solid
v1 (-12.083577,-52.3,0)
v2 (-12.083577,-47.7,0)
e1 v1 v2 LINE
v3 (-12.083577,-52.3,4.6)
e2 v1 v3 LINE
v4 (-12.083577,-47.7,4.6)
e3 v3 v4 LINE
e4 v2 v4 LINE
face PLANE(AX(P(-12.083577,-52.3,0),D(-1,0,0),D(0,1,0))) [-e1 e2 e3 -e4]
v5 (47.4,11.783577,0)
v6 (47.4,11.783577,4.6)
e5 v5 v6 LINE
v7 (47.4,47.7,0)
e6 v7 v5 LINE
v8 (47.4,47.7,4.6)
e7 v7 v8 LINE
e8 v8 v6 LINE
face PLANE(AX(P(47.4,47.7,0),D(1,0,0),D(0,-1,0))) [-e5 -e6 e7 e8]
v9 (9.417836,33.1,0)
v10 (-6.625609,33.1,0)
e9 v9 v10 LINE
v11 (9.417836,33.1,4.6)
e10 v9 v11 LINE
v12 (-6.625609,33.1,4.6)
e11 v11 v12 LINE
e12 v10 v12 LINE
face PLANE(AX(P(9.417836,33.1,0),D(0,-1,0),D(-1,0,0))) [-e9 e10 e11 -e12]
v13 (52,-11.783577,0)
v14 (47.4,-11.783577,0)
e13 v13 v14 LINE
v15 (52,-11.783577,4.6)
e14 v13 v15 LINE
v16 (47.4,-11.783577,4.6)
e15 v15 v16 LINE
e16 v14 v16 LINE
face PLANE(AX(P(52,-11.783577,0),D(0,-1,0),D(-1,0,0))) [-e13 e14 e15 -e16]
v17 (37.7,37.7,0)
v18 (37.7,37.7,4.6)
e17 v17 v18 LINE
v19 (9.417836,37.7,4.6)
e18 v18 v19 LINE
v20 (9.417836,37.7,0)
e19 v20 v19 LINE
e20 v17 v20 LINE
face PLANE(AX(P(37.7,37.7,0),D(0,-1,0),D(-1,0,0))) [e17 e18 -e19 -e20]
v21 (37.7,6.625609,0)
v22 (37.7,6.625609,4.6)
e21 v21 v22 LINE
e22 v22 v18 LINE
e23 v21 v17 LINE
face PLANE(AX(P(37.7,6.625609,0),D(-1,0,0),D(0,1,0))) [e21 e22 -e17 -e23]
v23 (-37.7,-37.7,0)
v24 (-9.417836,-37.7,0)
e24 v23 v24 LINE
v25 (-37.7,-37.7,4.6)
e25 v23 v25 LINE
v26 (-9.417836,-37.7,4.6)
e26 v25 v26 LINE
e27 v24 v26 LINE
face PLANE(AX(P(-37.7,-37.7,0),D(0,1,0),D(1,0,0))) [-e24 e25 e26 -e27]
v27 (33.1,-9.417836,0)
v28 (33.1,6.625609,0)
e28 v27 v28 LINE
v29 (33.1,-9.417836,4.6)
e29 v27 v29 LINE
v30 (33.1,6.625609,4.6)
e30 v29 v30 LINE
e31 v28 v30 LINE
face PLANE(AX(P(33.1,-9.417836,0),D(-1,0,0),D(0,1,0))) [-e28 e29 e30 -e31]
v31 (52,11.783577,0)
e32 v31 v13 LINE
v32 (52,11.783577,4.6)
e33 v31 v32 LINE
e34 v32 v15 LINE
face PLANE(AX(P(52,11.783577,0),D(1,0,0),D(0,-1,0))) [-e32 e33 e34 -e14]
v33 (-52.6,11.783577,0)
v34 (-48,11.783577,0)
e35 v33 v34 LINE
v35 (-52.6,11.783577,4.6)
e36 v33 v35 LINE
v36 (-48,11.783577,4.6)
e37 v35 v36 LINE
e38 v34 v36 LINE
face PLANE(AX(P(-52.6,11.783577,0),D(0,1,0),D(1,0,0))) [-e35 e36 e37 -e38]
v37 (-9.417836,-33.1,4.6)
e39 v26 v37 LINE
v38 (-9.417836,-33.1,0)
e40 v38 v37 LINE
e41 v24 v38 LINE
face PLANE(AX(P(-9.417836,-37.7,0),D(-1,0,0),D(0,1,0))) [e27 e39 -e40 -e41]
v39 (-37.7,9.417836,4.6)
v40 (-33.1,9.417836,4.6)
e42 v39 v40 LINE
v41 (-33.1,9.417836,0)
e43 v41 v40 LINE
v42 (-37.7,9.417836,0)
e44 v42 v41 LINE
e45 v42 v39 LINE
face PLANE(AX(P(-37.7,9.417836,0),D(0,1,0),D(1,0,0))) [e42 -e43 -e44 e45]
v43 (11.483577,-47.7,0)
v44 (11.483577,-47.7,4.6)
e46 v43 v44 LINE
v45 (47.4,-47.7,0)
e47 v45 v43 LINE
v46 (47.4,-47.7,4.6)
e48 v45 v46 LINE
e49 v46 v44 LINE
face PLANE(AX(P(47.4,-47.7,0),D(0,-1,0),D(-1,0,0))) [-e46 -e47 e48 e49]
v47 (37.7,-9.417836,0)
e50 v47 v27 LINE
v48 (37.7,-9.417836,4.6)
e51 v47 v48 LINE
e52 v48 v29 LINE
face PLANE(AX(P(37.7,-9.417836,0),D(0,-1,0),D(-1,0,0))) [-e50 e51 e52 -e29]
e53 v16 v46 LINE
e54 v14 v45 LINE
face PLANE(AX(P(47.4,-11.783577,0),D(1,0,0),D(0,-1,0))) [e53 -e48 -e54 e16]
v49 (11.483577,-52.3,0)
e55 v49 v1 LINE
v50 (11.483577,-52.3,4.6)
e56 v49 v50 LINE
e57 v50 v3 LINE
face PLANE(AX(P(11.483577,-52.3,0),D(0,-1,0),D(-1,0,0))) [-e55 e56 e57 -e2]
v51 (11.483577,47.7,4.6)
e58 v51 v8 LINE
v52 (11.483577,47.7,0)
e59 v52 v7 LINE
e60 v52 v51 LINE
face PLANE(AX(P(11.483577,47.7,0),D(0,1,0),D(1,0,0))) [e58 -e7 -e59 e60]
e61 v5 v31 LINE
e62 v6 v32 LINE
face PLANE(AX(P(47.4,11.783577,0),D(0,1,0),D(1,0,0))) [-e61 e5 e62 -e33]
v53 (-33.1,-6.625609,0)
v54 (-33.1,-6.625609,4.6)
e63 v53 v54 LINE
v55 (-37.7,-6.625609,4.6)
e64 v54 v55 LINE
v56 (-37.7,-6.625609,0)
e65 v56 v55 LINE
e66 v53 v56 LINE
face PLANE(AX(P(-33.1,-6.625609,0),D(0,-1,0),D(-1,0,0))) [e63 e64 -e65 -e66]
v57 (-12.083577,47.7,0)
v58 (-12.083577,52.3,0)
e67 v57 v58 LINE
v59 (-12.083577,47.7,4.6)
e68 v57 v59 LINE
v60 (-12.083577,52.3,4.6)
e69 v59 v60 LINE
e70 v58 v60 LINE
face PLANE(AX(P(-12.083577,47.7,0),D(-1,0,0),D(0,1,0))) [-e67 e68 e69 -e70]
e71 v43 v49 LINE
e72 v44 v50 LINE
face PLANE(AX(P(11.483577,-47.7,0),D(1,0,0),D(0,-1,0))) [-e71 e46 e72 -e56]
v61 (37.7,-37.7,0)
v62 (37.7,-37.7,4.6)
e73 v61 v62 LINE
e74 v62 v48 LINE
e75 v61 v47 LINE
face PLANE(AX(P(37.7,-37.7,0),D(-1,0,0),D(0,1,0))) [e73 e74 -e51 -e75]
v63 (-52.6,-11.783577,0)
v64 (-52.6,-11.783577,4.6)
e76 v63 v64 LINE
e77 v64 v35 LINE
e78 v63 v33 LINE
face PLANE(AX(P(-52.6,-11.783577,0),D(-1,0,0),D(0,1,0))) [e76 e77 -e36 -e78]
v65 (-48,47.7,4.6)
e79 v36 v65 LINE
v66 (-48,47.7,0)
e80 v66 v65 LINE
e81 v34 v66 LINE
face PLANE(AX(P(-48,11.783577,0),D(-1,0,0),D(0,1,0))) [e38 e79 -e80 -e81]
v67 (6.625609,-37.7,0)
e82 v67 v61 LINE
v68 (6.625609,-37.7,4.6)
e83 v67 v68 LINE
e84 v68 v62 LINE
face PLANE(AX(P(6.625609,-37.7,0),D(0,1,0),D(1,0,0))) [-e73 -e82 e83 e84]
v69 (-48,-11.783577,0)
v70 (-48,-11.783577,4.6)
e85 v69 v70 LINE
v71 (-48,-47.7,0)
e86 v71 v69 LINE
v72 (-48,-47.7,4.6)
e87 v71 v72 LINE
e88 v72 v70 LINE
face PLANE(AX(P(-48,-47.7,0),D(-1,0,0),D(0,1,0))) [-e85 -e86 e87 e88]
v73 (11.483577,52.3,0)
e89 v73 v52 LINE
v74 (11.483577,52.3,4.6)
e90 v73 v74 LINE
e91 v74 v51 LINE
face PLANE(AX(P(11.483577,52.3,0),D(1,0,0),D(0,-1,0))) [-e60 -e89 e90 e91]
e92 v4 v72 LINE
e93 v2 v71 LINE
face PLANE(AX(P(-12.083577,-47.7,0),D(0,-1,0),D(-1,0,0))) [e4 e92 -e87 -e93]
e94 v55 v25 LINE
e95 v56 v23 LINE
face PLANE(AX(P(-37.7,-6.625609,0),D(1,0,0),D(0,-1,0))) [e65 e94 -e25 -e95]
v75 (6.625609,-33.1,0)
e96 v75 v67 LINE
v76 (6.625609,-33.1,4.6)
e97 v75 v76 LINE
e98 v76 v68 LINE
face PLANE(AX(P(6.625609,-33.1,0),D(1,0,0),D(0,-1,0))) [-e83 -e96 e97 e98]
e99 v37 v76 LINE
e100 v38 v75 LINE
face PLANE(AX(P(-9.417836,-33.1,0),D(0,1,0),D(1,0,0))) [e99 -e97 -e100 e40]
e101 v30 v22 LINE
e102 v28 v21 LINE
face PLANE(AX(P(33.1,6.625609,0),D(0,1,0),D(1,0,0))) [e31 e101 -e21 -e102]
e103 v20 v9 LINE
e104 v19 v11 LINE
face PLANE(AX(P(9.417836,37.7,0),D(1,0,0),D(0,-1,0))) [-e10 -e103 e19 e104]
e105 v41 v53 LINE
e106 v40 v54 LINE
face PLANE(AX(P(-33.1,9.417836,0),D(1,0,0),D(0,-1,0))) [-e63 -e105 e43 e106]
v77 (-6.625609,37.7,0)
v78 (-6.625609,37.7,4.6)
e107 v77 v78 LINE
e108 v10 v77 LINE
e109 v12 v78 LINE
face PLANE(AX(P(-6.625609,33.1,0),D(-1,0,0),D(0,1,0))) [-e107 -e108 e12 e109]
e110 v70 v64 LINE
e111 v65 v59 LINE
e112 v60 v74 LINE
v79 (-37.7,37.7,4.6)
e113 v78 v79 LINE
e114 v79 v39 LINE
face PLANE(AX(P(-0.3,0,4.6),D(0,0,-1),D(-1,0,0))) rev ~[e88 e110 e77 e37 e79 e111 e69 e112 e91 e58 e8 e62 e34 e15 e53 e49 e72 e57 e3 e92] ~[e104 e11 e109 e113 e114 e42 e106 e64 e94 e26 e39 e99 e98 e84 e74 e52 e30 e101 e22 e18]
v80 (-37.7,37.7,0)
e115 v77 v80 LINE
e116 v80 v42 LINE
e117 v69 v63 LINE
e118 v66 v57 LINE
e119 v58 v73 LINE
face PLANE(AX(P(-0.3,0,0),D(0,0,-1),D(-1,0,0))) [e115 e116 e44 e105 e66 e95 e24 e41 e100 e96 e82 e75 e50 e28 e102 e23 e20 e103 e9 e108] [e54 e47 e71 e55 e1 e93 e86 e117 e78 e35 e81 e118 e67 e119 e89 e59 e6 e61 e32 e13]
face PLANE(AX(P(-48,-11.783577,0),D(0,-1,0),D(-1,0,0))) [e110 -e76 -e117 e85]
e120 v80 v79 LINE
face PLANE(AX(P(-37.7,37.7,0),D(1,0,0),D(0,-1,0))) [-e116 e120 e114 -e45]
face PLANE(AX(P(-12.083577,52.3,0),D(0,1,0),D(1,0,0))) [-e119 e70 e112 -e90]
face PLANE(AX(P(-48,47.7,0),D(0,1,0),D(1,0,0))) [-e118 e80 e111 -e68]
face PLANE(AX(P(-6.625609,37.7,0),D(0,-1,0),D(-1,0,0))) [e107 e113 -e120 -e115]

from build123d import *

# Parameters (mm, degrees)
BOSS_EXTRUDE1_DEPTH = 4.6
CUT_EXTRUDE1_DEPTH  = 5.6


with BuildPart() as part:
    # Sketch1 → Boss-Extrude1 (new body)
    with BuildSketch(Plane.XY):
        Polygon((47.4, 11.783577493), (52, 11.783577493), (52, -11.783577493), (47.4, -11.783577493), (47.4, -47.7), (11.483577493, -47.7), (11.483577493, -52.3), (-12.083577493, -52.3), (-12.083577493, -47.7), (-48, -47.7), (-48, -11.783577493), (-52.6, -11.783577493), (-52.6, 11.783577493), (-48, 11.783577493), (-48, 47.7), (-12.083577493, 47.7), (-12.083577493, 52.3), (11.483577493, 52.3), (11.483577493, 47.7), (47.4, 47.7), align=None)
    extrude(amount=BOSS_EXTRUDE1_DEPTH)

    # Sketch2 → Cut-Extrude1 (cut, through all)
    with BuildSketch(Plane(origin=(0, 0, 0), x_dir=(-1, 0, 0), z_dir=(0, 0, -1))):
        Polygon((9.417835971, -37.7), (9.417835971, -33.1), (-6.62560911, -33.1), (-6.62560911, -37.7), (-37.7, -37.7), (-37.7, -9.417835971), (-33.1, -9.417835971), (-33.1, 6.62560911), (-37.7, 6.62560911), (-37.7, 37.7), (-9.417835971, 37.7), (-9.417835971, 33.1), (6.62560911, 33.1), (6.62560911, 37.7), (37.7, 37.7), (37.7, 9.417835971), (33.1, 9.417835971), (33.1, -6.62560911), (37.7, -6.62560911), (37.7, -37.7), align=None)
    extrude(amount=-CUT_EXTRUDE1_DEPTH, mode=Mode.SUBTRACT)


solid = part.part
